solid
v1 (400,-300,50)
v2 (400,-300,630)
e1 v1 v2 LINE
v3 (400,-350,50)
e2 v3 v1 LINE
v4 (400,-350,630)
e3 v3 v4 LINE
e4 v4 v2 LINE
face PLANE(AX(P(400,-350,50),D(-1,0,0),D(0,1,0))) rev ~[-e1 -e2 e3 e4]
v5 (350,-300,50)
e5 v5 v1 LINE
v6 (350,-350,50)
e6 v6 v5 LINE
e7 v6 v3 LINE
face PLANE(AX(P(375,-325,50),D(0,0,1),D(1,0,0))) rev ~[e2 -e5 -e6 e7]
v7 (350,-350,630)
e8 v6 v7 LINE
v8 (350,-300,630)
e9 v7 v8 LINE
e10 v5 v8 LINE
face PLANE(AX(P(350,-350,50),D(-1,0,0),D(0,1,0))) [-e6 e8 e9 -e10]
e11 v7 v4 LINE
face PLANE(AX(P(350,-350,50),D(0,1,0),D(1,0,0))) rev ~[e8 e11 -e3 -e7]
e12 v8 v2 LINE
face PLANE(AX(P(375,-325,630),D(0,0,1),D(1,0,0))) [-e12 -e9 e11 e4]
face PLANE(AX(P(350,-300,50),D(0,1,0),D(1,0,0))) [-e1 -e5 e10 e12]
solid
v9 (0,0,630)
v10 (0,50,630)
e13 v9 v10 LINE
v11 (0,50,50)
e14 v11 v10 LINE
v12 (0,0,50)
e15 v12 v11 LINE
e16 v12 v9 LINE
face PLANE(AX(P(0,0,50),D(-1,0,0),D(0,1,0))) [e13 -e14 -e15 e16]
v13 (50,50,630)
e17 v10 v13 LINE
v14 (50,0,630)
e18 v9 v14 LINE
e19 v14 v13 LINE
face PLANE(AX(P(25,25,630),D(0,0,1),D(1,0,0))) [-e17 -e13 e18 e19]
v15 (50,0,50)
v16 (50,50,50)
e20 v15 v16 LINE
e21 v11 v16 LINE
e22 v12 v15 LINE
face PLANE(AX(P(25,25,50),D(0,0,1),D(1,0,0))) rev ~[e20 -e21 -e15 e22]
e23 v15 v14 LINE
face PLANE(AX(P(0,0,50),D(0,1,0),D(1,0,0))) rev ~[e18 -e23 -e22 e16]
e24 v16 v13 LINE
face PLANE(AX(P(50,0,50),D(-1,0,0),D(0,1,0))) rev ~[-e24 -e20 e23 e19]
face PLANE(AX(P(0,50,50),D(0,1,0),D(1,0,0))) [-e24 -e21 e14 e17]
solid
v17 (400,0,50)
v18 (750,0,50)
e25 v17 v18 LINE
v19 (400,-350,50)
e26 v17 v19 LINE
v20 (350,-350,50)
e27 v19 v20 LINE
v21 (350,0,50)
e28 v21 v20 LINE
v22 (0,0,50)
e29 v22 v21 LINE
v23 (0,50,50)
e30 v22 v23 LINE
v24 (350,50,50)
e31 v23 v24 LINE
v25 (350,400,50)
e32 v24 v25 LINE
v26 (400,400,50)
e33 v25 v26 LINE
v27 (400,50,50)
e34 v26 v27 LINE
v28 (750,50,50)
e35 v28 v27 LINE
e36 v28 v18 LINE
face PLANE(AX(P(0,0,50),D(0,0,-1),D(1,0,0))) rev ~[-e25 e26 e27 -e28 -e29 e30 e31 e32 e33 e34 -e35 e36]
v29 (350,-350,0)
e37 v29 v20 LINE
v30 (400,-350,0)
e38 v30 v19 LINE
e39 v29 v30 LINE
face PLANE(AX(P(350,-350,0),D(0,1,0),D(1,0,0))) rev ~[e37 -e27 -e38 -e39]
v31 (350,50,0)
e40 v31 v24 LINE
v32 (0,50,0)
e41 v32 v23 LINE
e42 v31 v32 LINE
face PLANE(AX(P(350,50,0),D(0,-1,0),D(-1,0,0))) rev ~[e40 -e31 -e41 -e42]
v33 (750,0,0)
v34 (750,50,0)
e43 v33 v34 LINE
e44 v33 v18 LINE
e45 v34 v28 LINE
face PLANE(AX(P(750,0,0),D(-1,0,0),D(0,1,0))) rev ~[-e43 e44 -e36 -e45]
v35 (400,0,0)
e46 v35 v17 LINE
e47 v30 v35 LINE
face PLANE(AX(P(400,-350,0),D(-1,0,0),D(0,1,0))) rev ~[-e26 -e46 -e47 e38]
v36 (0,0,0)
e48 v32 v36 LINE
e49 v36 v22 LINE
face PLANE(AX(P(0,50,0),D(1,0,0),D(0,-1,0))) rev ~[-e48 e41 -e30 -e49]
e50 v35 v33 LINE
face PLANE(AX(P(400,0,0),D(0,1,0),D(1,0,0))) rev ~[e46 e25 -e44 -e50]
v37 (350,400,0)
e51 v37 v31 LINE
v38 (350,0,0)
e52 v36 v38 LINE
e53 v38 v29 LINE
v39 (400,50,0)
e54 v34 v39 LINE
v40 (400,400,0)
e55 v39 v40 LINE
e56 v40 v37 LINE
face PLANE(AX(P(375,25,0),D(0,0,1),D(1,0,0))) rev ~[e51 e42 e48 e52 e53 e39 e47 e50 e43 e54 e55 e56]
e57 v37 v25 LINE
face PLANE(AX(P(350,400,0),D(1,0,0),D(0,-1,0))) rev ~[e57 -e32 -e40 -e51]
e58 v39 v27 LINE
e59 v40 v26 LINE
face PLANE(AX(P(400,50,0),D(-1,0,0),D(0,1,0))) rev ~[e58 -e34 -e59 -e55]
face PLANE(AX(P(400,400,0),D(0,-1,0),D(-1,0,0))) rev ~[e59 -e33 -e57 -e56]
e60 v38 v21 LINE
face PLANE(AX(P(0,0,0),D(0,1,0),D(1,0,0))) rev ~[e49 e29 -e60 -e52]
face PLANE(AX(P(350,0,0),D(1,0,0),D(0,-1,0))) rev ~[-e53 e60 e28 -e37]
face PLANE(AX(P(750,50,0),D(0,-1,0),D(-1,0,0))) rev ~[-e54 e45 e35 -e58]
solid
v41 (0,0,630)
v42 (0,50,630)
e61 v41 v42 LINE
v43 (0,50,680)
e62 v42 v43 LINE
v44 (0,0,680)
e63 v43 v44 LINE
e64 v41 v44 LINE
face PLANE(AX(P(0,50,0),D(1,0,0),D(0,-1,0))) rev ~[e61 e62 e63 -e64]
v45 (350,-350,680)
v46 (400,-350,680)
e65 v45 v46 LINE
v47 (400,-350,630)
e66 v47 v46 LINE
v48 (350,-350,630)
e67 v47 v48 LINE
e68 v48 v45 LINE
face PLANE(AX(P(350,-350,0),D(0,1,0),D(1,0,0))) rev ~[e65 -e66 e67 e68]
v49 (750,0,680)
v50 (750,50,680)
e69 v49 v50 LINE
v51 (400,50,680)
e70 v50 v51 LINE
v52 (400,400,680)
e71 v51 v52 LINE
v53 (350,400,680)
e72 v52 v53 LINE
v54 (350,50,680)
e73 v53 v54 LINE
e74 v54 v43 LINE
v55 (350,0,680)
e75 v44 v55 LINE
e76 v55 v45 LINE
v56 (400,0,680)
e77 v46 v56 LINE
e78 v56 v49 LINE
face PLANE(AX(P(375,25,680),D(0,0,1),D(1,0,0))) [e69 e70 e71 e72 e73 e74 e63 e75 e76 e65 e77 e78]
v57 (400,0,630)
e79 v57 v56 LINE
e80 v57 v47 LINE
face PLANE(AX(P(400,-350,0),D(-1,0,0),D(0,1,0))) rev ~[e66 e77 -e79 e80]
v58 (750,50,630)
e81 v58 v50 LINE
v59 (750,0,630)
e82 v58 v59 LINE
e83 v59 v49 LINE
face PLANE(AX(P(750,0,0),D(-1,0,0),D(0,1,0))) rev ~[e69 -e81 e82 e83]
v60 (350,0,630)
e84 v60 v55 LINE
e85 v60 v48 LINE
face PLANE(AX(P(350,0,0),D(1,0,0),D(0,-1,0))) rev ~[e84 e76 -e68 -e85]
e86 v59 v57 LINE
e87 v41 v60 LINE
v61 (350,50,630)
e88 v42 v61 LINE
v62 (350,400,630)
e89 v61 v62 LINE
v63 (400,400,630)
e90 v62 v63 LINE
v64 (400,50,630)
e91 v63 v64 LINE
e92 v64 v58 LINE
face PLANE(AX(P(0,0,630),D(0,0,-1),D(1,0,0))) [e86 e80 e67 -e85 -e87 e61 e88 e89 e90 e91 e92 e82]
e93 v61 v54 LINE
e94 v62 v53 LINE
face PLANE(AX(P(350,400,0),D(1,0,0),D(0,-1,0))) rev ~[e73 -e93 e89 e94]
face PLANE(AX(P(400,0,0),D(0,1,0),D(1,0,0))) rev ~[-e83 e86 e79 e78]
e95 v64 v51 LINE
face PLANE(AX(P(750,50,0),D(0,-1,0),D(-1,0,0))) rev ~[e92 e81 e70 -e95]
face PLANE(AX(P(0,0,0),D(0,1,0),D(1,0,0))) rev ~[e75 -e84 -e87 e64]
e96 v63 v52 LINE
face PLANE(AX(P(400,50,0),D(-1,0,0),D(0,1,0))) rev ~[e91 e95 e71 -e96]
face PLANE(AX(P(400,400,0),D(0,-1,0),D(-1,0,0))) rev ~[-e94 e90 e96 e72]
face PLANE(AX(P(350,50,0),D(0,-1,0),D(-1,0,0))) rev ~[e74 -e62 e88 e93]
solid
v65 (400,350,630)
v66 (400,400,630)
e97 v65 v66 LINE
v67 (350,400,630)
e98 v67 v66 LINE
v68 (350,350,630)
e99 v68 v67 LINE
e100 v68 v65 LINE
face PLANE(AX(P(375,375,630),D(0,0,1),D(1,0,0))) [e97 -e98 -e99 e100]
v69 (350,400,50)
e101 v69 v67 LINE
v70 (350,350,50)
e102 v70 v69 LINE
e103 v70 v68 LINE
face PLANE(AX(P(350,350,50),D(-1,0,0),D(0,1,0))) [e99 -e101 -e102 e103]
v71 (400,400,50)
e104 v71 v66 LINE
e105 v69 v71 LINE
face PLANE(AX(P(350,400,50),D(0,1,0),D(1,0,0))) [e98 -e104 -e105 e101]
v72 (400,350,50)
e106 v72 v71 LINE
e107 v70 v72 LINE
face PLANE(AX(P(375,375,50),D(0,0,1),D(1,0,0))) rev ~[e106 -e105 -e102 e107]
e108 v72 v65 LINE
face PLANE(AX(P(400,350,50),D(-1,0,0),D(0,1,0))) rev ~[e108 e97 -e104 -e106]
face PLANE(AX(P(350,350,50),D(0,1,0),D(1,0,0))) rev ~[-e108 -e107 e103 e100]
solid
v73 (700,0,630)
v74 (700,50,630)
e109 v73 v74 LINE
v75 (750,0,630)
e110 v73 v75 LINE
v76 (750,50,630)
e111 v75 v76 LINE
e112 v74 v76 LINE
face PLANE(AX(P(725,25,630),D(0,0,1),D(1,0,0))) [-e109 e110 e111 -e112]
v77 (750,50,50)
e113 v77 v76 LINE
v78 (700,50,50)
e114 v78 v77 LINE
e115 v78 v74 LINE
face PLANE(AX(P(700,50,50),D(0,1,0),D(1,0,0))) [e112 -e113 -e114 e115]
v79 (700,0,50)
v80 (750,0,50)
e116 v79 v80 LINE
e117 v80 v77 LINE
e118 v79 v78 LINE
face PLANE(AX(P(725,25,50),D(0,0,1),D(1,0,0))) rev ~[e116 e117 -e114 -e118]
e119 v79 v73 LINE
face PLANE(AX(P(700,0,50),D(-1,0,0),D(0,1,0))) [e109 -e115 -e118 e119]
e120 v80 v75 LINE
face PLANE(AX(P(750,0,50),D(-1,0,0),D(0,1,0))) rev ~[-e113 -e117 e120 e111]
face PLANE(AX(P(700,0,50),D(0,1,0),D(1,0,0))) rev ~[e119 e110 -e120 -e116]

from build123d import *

# Parameters (mm, degrees)
F1_DEPTH = 680
F2_W     = 582.338988781
F2_H     = 580
F3_DEPTH = 400.001
F4_W     = 50
F4_H     = 580
F5_DEPTH = 350.001
F6_W     = 50
F6_H     = 580
F7_DEPTH = 167.662011219
F8_W     = 50
F8_H     = 50
F9_DEPTH = 580


with BuildPart() as f1:
    # F0 (on Top) → F1 (new body)
    with BuildSketch(Plane.XY):
        Polygon((0, 50), (0, 0), (350, 0), (350, -350), (400, -350), (400, 0), (750, 0), (750, 50), (400, 50), (400, 400), (350, 400), (350, 50), align=None)
    extrude(amount=F1_DEPTH)

    # F2 (on face) → F3 (cut, through all)
    with BuildSketch(Plane.XZ):
        with Locations((291.1694943905, 340)):
            Rectangle(F2_W, F2_H)
    extrude(amount=-F3_DEPTH, mode=Mode.SUBTRACT)

    # F4 (on face) → F5 (cut, through all)
    with BuildSketch(Plane(origin=(0, 0, 0), x_dir=(-1, 0, 0), z_dir=(0, 1, 0))):
        with Locations((-375, 340)):
            Rectangle(F4_W, F4_H)
    extrude(amount=-F5_DEPTH, mode=Mode.SUBTRACT)

    # F6 (on face) → F7 (cut, through all)
    with BuildSketch(Plane(origin=(582.338988781, 0, 0), x_dir=(0, -1, 0), z_dir=(-1, 0, 0))):
        with Locations((-25, 340)):
            Rectangle(F6_W, F6_H)
    extrude(amount=-F7_DEPTH, mode=Mode.SUBTRACT)


with BuildPart() as f9:
    # F8 (on face) → F9 (new body, through all)
    with BuildSketch(Plane.XY.offset(50)):
        with Locations((725, 25)):
            Rectangle(F8_W, F8_H)
    extrude(amount=F9_DEPTH)


with BuildPart() as f9b:
    # F8 (on face) → F9, piece 2 (new body, through all)
    with BuildSketch(Plane.XY.offset(50)):
        with Locations((375, 375)):
            Rectangle(F8_W, F8_H)
    extrude(amount=F9_DEPTH)


with BuildPart() as f9c:
    # F8 (on face) → F9, piece 3 (new body, through all)
    with BuildSketch(Plane.XY.offset(50)):
        with Locations((25, 25)):
            Rectangle(F8_W, F8_H)
    extrude(amount=F9_DEPTH)


with BuildPart() as f9d:
    # F8 (on face) → F9, piece 4 (new body, through all)
    with BuildSketch(Plane.XY.offset(50)):
        with Locations((375, -325)):
            Rectangle(F8_W, F8_H)
    extrude(amount=F9_DEPTH)


solid = Compound([f1.part, f9.part, f9b.part, f9c.part, f9d.part])
